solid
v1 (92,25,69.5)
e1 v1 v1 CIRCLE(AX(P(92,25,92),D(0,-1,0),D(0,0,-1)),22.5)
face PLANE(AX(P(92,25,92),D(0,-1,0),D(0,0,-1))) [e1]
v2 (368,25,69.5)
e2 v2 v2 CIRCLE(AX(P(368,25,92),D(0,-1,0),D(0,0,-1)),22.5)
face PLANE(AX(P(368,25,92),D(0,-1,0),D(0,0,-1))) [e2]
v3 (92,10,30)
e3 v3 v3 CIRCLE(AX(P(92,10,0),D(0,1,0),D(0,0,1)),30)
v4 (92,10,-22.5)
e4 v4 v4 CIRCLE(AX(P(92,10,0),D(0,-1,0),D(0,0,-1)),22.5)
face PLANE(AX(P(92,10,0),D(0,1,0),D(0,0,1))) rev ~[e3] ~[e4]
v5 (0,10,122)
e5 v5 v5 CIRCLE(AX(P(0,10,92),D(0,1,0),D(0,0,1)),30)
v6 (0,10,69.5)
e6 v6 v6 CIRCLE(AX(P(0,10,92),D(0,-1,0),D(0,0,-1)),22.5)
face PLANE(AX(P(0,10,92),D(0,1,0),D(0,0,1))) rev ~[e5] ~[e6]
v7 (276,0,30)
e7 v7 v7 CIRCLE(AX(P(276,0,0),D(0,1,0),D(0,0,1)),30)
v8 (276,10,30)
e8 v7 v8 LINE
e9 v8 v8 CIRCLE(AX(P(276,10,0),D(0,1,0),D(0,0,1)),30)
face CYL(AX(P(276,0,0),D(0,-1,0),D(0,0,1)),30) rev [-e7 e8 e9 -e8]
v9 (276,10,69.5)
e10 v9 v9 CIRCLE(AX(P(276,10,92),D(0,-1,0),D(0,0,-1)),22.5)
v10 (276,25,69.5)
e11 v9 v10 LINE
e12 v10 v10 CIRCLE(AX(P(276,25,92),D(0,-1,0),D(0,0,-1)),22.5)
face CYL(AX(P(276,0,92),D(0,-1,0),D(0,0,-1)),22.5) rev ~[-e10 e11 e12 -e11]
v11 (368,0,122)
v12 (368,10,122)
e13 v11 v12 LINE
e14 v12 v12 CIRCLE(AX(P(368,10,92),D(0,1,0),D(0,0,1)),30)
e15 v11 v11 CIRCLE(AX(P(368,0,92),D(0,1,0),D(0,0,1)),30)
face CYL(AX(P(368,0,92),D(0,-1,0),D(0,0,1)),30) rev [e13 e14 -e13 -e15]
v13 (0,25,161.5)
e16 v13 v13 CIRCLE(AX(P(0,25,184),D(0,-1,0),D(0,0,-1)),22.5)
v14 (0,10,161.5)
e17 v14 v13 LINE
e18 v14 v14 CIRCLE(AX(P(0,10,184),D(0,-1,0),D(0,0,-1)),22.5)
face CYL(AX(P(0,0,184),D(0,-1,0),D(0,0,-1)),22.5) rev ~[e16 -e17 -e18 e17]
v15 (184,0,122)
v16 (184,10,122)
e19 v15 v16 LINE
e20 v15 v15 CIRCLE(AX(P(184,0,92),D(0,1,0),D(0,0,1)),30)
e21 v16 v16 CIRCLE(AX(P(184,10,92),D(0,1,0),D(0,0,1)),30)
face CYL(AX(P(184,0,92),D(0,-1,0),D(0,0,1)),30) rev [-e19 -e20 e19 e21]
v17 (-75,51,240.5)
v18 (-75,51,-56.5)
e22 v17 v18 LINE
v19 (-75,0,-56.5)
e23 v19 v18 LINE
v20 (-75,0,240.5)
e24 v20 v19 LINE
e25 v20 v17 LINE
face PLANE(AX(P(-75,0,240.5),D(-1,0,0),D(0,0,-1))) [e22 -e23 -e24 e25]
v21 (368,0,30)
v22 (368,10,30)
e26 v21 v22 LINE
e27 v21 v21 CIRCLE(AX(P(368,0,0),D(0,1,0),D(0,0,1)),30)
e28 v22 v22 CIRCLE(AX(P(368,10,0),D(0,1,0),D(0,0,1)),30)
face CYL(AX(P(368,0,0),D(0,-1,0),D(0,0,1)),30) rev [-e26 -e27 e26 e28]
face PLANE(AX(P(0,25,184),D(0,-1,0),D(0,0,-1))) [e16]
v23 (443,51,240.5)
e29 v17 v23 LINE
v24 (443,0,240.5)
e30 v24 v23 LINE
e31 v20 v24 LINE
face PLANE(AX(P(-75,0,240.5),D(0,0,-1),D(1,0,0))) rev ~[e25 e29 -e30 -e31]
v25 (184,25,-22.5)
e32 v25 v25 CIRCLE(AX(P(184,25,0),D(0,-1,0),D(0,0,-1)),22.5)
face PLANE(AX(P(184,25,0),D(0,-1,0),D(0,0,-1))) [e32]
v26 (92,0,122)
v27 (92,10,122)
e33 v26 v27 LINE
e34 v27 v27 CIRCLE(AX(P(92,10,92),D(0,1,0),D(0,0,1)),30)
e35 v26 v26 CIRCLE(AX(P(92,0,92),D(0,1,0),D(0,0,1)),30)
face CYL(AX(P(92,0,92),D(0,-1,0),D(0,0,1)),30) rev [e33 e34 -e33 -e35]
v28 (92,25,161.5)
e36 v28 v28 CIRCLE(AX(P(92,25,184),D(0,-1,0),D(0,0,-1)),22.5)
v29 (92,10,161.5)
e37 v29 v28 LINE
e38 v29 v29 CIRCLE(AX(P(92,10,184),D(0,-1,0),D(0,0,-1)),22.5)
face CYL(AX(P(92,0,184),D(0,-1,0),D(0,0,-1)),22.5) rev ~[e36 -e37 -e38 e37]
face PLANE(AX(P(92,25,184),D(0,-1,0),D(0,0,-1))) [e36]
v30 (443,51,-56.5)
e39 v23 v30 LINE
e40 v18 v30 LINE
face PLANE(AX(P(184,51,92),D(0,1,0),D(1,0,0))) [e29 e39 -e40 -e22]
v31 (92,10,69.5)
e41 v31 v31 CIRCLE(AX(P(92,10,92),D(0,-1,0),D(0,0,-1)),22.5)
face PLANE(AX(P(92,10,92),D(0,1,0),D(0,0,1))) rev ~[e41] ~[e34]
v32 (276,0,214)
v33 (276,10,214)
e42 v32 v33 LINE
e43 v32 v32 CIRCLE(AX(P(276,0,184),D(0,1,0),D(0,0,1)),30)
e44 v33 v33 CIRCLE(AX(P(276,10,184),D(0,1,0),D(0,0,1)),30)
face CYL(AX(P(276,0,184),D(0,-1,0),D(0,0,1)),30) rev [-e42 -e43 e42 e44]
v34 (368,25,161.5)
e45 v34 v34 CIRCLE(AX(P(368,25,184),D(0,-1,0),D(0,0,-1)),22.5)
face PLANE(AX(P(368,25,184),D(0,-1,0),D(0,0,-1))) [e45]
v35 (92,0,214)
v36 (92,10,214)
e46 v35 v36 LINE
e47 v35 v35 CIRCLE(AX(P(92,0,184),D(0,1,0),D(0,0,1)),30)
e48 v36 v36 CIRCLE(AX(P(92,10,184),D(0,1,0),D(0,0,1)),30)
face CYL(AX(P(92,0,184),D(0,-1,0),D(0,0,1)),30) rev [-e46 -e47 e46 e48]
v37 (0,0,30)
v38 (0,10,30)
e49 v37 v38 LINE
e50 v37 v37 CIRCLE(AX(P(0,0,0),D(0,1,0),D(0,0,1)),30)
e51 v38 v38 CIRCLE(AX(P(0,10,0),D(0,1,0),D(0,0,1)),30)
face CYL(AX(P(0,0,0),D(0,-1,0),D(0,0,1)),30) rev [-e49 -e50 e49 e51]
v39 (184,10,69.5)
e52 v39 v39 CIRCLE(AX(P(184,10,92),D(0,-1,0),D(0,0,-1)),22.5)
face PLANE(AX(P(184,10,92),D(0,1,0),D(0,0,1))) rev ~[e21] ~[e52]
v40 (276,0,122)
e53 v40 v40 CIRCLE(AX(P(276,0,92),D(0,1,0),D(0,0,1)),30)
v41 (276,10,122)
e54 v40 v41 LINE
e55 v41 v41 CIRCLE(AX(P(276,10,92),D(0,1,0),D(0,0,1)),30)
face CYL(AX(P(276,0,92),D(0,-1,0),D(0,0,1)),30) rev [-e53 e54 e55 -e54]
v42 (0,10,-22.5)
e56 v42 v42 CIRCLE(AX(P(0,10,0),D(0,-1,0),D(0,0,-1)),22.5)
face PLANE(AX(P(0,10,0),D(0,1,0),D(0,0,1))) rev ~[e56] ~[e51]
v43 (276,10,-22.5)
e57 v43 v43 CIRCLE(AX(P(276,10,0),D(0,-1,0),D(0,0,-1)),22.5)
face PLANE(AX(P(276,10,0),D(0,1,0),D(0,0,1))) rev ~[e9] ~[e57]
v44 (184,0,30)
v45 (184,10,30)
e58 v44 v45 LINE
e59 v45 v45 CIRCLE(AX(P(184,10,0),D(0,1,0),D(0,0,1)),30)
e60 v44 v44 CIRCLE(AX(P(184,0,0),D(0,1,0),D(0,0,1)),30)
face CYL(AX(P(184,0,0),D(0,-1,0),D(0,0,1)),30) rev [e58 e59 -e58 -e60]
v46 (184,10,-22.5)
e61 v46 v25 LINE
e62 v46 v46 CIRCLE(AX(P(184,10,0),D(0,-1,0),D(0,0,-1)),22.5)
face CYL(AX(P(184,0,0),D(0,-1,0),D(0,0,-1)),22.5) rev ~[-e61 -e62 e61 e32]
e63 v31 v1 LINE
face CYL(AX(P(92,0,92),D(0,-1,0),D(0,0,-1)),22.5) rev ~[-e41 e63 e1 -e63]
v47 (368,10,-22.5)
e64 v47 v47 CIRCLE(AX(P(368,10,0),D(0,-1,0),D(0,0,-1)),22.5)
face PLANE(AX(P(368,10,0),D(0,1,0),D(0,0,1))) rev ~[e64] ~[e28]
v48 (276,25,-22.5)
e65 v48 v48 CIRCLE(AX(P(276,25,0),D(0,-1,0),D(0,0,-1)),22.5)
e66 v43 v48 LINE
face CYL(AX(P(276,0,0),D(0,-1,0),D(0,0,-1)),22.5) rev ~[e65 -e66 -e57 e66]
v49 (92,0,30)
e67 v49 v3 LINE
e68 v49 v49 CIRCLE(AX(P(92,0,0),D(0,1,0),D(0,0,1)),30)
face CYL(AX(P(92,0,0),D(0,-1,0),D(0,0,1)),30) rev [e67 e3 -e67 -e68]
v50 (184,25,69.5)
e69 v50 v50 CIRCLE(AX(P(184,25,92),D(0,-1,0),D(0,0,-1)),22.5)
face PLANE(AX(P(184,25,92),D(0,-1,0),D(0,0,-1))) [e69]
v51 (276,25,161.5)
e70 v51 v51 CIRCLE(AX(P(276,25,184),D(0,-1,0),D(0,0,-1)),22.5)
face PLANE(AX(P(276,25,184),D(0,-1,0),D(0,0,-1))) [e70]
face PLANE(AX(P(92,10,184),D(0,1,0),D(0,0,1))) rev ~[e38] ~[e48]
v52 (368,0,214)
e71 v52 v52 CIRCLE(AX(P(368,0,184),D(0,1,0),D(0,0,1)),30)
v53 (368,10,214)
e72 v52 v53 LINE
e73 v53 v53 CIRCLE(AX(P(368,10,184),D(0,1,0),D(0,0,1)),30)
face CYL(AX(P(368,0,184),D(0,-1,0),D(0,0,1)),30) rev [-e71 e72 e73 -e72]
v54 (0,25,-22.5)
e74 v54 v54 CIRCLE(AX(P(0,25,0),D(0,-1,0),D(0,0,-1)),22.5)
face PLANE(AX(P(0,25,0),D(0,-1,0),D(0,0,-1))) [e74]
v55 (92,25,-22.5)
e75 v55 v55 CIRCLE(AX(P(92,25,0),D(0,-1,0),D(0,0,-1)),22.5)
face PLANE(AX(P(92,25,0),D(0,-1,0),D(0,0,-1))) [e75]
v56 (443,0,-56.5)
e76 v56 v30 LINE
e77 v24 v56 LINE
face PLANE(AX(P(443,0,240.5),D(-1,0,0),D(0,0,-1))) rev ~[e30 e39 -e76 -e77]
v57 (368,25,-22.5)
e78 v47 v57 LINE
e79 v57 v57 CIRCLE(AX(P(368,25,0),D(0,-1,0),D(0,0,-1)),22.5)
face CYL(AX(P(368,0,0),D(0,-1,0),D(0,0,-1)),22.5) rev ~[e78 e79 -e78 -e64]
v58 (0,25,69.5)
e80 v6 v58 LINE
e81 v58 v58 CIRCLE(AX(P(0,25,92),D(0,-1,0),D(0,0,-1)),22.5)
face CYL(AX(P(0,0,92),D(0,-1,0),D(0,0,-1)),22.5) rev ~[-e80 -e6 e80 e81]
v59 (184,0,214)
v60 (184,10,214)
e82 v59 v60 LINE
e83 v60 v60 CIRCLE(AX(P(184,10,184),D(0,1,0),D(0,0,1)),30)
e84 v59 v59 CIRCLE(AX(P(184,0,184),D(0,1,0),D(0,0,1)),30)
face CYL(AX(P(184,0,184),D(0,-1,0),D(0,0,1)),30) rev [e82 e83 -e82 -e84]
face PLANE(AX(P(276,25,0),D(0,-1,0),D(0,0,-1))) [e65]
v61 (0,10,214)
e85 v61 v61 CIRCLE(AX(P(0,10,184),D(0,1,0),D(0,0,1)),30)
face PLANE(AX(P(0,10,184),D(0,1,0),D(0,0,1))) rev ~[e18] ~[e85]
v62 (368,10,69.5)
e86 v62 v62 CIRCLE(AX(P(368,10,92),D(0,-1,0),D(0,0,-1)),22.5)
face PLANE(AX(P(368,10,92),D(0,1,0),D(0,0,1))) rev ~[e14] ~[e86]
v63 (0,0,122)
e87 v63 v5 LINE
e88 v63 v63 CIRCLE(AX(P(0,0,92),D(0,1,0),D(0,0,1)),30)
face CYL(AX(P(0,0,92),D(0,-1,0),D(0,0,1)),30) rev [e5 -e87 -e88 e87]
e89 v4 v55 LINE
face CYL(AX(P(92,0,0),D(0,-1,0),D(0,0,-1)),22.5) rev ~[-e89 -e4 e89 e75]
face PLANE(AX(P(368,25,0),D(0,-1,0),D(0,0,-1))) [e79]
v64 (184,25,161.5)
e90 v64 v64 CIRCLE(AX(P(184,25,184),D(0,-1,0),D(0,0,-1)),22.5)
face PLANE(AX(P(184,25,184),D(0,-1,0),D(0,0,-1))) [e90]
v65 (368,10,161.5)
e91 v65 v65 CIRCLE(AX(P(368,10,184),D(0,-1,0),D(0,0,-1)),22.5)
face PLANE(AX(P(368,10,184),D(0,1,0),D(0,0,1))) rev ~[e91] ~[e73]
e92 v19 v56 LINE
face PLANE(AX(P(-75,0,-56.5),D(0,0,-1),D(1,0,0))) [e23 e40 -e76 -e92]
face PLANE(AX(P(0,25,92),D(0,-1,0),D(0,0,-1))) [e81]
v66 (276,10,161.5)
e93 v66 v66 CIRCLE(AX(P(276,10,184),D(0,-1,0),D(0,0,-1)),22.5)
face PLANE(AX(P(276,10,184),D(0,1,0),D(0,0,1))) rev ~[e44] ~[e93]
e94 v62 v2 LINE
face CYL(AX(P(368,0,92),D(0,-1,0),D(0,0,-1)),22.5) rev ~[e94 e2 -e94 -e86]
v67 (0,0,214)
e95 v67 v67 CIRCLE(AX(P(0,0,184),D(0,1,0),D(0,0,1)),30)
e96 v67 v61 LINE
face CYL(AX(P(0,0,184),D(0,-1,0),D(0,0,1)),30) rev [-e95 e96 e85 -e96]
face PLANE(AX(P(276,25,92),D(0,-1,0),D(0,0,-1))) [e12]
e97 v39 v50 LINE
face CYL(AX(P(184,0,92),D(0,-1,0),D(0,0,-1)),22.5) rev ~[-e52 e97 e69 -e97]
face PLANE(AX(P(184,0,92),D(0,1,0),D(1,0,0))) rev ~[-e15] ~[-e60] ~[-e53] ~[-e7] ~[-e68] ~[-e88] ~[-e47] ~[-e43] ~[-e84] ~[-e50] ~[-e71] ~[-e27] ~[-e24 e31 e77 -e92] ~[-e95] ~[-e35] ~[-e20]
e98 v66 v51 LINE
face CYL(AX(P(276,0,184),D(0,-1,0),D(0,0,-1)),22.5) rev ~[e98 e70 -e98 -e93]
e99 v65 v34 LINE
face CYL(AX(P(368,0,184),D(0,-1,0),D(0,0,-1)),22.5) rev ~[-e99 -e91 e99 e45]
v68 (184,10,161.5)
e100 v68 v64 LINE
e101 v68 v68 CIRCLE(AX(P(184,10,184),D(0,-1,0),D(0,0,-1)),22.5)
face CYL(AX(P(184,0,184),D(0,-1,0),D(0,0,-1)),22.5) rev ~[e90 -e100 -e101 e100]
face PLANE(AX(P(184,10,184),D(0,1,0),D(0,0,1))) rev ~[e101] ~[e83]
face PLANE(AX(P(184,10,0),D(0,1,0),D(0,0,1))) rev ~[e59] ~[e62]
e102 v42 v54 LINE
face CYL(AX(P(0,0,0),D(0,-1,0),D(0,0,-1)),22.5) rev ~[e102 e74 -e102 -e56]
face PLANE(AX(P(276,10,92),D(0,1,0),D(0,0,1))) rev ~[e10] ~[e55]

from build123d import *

# Parameters (mm, degrees)
SKETCH_529_W           = 518
SKETCH_529_H           = 297
EXTRUDE_601_DEPTH      = 51
SKETCH_5_3_R           = 30
CUT_EXTRUDE_11_DEPTH   = 10
SKETCH_5_3_2_R         = 22.5
CUT_EXTRUDE_11_2_DEPTH = 25


with BuildPart() as part:
    # Sketch 529 → Extrude 601 (new body)
    with BuildSketch(Plane(origin=(0, 0, 0), x_dir=(1, 0, 0), z_dir=(0, 1, 0))):
        with Locations((184, -92)):
            Rectangle(SKETCH_529_W, SKETCH_529_H)
    extrude(amount=EXTRUDE_601_DEPTH)

    # Sketch 5_3 → Ложемент для КМЕ-11 (cut)
    with BuildSketch(Plane(origin=(0, 0, 0), x_dir=(1, 0, 0), z_dir=(0, 1, 0))):
        with Locations(Location((0, 0, 0), (0, 0, 270))):
            Circle(SKETCH_5_3_R)
        with Locations(Location((92, 0, 0), (0, 0, 270))):
            Circle(SKETCH_5_3_R)
        with Locations(Location((184, 0, 0), (0, 0, 270))):
            Circle(SKETCH_5_3_R)
        with Locations(Location((276, 0, 0), (0, 0, 270))):
            Circle(SKETCH_5_3_R)
        with Locations(Location((368, 0, 0), (0, 0, 270))):
            Circle(SKETCH_5_3_R)
        with Locations(Location((0, -92, 0), (0, 0, 270))):
            Circle(SKETCH_5_3_R)
        with Locations(Location((92, -92, 0), (0, 0, 270))):
            Circle(SKETCH_5_3_R)
        with Locations(Location((184, -92, 0), (0, 0, 270))):
            Circle(SKETCH_5_3_R)
        with Locations(Location((276, -92, 0), (0, 0, 270))):
            Circle(SKETCH_5_3_R)
        with Locations(Location((368, -92, 0), (0, 0, 270))):
            Circle(SKETCH_5_3_R)
        with Locations(Location((0, -184, 0), (0, 0, 270))):
            Circle(SKETCH_5_3_R)
        with Locations(Location((92, -184, 0), (0, 0, 270))):
            Circle(SKETCH_5_3_R)
        with Locations(Location((184, -184, 0), (0, 0, 270))):
            Circle(SKETCH_5_3_R)
        with Locations(Location((276, -184, 0), (0, 0, 270))):
            Circle(SKETCH_5_3_R)
        with Locations(Location((368, -184, 0), (0, 0, 270))):
            Circle(SKETCH_5_3_R)
    extrude(amount=CUT_EXTRUDE_11_DEPTH, mode=Mode.SUBTRACT)

    # Sketch 5_3 2 → Ложемент для КМЕ-11 (2) (cut)
    with BuildSketch(Plane.XZ):
        with Locations(Location((0, 0, 0), (0, 0, 270))):
            Circle(SKETCH_5_3_2_R)
        with Locations(Location((92, 0, 0), (0, 0, 270))):
            Circle(SKETCH_5_3_2_R)
        with Locations(Location((184, 0, 0), (0, 0, 270))):
            Circle(SKETCH_5_3_2_R)
        with Locations(Location((276, 0, 0), (0, 0, 270))):
            Circle(SKETCH_5_3_2_R)
        with Locations(Location((368, 0, 0), (0, 0, 270))):
            Circle(SKETCH_5_3_2_R)
        with Locations(Location((92, 92, 0), (0, 0, 270))):
            Circle(SKETCH_5_3_2_R)
        with Locations(Location((184, 92, 0), (0, 0, 270))):
            Circle(SKETCH_5_3_2_R)
        with Locations(Location((276, 92, 0), (0, 0, 270))):
            Circle(SKETCH_5_3_2_R)
        with Locations(Location((368, 92, 0), (0, 0, 270))):
            Circle(SKETCH_5_3_2_R)
        with Locations(Location((92, 184, 0), (0, 0, 270))):
            Circle(SKETCH_5_3_2_R)
        with Locations(Location((184, 184, 0), (0, 0, 270))):
            Circle(SKETCH_5_3_2_R)
        with Locations(Location((276, 184, 0), (0, 0, 270))):
            Circle(SKETCH_5_3_2_R)
        with Locations(Location((368, 184, 0), (0, 0, 270))):
            Circle(SKETCH_5_3_2_R)
        with Locations(Location((0, 92, 0), (0, 0, 270))):
            Circle(SKETCH_5_3_2_R)
        with Locations(Location((0, 184, 0), (0, 0, 270))):
            Circle(SKETCH_5_3_2_R)
    extrude(amount=-CUT_EXTRUDE_11_2_DEPTH, mode=Mode.SUBTRACT)


solid = part.part
